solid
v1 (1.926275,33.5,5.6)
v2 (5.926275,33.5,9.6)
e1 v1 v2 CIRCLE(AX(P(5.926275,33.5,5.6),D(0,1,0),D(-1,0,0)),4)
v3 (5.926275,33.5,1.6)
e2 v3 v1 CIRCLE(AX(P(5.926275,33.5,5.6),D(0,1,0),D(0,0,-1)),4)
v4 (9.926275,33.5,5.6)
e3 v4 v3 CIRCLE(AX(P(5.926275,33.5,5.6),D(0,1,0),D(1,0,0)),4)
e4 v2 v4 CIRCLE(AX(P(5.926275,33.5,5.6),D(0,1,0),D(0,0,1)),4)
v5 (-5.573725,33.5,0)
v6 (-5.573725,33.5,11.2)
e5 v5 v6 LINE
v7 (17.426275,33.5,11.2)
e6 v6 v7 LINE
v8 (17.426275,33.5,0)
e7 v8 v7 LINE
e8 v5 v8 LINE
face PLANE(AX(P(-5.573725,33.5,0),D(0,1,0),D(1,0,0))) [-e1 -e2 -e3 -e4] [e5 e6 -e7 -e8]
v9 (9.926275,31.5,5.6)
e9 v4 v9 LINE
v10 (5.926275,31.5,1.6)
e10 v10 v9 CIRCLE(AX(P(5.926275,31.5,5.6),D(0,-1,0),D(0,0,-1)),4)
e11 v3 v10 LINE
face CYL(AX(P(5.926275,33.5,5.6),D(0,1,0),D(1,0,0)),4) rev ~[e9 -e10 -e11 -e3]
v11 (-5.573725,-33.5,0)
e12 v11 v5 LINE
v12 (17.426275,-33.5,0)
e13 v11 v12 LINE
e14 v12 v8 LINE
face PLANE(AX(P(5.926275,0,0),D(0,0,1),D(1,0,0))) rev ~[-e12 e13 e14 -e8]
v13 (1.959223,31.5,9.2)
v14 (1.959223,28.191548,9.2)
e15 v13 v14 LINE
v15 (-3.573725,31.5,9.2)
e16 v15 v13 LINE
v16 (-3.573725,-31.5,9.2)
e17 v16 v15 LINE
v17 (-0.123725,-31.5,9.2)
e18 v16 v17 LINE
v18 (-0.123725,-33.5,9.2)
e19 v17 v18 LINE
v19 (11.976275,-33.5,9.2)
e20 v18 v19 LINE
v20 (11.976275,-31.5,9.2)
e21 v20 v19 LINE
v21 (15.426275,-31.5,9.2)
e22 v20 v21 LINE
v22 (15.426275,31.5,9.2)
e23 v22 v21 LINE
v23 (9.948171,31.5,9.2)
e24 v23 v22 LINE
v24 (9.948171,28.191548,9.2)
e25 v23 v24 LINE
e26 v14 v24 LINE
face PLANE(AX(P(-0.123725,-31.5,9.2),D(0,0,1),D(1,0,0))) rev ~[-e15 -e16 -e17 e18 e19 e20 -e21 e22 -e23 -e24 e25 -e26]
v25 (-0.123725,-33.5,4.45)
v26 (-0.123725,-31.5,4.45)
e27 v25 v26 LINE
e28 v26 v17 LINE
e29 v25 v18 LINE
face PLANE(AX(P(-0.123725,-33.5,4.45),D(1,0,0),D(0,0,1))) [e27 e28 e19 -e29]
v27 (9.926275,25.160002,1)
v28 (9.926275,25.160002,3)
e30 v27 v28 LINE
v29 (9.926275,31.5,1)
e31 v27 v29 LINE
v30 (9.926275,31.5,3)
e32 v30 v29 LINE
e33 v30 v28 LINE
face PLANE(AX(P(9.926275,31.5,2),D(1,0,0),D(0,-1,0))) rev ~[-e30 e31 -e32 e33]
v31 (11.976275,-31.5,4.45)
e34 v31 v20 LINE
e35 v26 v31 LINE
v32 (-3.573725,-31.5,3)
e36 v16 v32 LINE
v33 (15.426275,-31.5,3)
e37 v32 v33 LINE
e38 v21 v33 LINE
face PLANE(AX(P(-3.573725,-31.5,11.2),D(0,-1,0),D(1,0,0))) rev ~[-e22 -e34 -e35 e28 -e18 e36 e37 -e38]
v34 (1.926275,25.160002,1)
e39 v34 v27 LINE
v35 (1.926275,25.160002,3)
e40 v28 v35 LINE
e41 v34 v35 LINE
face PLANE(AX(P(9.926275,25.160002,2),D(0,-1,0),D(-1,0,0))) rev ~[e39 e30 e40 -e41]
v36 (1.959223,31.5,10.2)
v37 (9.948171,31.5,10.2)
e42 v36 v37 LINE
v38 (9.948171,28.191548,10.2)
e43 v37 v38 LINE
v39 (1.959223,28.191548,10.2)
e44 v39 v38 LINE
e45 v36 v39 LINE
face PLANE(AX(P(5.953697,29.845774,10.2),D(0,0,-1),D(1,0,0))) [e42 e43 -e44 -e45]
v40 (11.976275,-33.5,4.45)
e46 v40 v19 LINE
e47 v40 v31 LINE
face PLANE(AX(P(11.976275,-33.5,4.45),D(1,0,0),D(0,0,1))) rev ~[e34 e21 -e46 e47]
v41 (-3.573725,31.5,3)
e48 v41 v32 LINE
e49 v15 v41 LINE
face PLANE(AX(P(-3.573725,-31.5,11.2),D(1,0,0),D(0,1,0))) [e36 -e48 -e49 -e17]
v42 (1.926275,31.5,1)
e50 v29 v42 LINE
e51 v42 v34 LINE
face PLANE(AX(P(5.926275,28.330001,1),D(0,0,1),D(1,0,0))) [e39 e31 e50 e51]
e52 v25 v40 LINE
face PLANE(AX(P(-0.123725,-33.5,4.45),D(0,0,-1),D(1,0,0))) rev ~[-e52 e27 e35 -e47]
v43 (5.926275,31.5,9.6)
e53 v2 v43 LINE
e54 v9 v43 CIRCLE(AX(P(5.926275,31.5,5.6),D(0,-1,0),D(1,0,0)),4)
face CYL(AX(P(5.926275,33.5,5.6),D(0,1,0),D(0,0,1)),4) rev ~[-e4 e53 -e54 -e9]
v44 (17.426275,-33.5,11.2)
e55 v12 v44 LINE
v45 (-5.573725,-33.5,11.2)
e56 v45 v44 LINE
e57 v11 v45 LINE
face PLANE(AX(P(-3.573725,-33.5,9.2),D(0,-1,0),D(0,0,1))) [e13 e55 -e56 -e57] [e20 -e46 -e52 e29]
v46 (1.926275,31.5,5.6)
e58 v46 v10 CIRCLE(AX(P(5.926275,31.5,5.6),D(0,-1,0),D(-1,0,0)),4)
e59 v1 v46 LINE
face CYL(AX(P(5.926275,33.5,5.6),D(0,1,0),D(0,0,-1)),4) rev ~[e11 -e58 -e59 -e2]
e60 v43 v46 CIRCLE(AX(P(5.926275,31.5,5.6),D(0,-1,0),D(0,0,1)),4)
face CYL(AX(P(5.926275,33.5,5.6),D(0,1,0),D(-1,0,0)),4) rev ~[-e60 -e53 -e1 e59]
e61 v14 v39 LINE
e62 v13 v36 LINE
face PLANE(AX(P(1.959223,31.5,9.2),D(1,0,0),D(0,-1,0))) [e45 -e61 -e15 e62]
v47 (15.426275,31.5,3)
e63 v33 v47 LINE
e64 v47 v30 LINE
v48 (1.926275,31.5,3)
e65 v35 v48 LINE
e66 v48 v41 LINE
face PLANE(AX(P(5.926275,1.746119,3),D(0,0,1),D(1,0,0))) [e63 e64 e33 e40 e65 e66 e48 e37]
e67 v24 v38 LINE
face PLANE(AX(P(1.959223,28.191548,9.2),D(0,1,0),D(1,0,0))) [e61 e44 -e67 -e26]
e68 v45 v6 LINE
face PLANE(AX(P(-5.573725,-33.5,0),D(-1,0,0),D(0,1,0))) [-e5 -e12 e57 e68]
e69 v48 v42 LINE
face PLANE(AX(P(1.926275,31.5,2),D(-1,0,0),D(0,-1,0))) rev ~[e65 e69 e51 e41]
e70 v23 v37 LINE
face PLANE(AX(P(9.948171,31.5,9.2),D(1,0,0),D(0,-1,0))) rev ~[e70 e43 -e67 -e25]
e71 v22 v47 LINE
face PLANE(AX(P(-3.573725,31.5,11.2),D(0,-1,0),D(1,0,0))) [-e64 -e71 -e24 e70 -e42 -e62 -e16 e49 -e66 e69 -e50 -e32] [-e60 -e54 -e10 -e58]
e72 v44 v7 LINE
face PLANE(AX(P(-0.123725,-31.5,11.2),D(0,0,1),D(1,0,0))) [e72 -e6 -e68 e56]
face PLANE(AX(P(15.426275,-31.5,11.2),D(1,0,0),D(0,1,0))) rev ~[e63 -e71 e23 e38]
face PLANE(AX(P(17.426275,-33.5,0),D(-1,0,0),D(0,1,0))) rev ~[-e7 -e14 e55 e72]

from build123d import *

# Parameters (mm, degrees)
F0_W      = 23
F0_H      = 67
F1_DEPTH  = 11.2
F2_W      = 19
F2_H      = 63
F3_DEPTH  = 9.2
F4_W      = 12.1
F4_H      = 13.5
F5_DEPTH  = 12
F7_DEPTH  = 2
F9_DEPTH  = 1
F11_DEPTH = 1
F12_W     = 63
F12_H     = 1.9999997959
F13_DEPTH = 21
F14_DEPTH = 2
F15_W     = 7.9889474437
F15_H     = 3.3084521592
F16_DEPTH = 1


with BuildPart() as f1:
    # F0 (on Top) → F1 (new body)
    with BuildSketch(Plane.XY):
        with Locations((5.9262745458, 0)):
            Rectangle(F0_W, F0_H)
    extrude(amount=F1_DEPTH)

    # F2 (on face) → F3 (cut)
    with BuildSketch(Plane.XY.offset(11.2)):
        with Locations((5.9262745458, 0)):
            Rectangle(F2_W, F2_H)
    extrude(amount=-F3_DEPTH, mode=Mode.SUBTRACT)

    # F4 (on face) → F5 (cut)
    with BuildSketch(Plane.XZ.offset(33.5)):
        with Locations((5.9262745458, 11.2)):
            Rectangle(F4_W, F4_H)
    extrude(amount=-F5_DEPTH, mode=Mode.SUBTRACT)

    # F6 (on face) → F7 (cut)
    with BuildSketch(Plane(origin=(0, 33.5, 0), x_dir=(-1, 0, 0), z_dir=(0, 1, 0))):
        with BuildLine():
            ThreePointArc((-5.9262745458, 9.6), (-8.7547016705, 8.4284271247), (-9.9262745458, 5.6))
            Line((-9.9262745458, 5.6), (-5.9262745458, 5.6))
            Line((-5.9262745458, 5.6), (-5.9262745458, 9.6))
        make_face()
        with BuildLine():
            Line((-5.9262745458, 5.6), (-9.9262745458, 5.6))
            ThreePointArc((-9.9262745458, 5.6), (-8.7547016705, 2.7715728753), (-5.9262745458, 1.6))
            Line((-5.9262745458, 1.6), (-5.9262745458, 5.6))
        make_face()
        with BuildLine():
            Line((-5.9262745458, 9.6), (-5.9262745458, 5.6))
            Line((-5.9262745458, 5.6), (-1.9262745458, 5.6))
            ThreePointArc((-1.9262745458, 5.6), (-3.097847421, 8.4284271247), (-5.9262745458, 9.6))
        make_face()
        with BuildLine():
            Line((-1.9262745458, 5.6), (-5.9262745458, 5.6))
            Line((-5.9262745458, 5.6), (-5.9262745458, 1.6))
            ThreePointArc((-5.9262745458, 1.6), (-3.097847421, 2.7715728753), (-1.9262745458, 5.6))
        make_face()
    extrude(amount=-F7_DEPTH, mode=Mode.SUBTRACT)

    # F8 (on face) → F9 (cut)
    with BuildSketch(Plane.XY.offset(2)):
        Polygon((4.1827149684, 31.5), (1.9262745458, 31.5), (1.9262745458, 25.1600015908), (9.9262745458, 25.1600015908), (9.9262745458, 31.5), (7.6698341232, 31.5), align=None)
    extrude(amount=-F9_DEPTH, mode=Mode.SUBTRACT)

    # F10 (on face) → F11 (join)
    with BuildSketch(Plane.XY.offset(2)):
        Polygon((1.9262745458, 31.5), (-3.5737254542, 31.5), (-3.5737254542, -31.5), (15.4262745458, -31.5), (15.4262745458, 31.5), (9.9262745458, 31.5), (9.9262745458, 25.1600015908), (1.9262745458, 25.1600015908), align=None)
    extrude(amount=F11_DEPTH)

    # F12 (on face) → F13 (join)
    with BuildSketch(Plane.YZ.offset(-3.5737254542)):
        with Locations((0, 10.2000001021)):
            Rectangle(F12_W, F12_H)
    extrude(amount=F13_DEPTH)

    # F14 (add): a face of the model
    f14_faces = [f1.faces().sort_by_distance(p)[0] for p in [
        (5.9262745458, -31.5, 10.2000001021),
    ]]
    extrude(f14_faces, amount=F14_DEPTH)

    # F15 (on face) → F16 (cut)
    with BuildSketch(Plane(origin=(0, 0, 9.2000002041), x_dir=(1, 0, 0), z_dir=(0, 0, -1))):
        with Locations((5.9536970221, -29.8457739204)):
            Rectangle(F15_W, F15_H)
    extrude(amount=-F16_DEPTH, mode=Mode.SUBTRACT)


solid = f1.part
